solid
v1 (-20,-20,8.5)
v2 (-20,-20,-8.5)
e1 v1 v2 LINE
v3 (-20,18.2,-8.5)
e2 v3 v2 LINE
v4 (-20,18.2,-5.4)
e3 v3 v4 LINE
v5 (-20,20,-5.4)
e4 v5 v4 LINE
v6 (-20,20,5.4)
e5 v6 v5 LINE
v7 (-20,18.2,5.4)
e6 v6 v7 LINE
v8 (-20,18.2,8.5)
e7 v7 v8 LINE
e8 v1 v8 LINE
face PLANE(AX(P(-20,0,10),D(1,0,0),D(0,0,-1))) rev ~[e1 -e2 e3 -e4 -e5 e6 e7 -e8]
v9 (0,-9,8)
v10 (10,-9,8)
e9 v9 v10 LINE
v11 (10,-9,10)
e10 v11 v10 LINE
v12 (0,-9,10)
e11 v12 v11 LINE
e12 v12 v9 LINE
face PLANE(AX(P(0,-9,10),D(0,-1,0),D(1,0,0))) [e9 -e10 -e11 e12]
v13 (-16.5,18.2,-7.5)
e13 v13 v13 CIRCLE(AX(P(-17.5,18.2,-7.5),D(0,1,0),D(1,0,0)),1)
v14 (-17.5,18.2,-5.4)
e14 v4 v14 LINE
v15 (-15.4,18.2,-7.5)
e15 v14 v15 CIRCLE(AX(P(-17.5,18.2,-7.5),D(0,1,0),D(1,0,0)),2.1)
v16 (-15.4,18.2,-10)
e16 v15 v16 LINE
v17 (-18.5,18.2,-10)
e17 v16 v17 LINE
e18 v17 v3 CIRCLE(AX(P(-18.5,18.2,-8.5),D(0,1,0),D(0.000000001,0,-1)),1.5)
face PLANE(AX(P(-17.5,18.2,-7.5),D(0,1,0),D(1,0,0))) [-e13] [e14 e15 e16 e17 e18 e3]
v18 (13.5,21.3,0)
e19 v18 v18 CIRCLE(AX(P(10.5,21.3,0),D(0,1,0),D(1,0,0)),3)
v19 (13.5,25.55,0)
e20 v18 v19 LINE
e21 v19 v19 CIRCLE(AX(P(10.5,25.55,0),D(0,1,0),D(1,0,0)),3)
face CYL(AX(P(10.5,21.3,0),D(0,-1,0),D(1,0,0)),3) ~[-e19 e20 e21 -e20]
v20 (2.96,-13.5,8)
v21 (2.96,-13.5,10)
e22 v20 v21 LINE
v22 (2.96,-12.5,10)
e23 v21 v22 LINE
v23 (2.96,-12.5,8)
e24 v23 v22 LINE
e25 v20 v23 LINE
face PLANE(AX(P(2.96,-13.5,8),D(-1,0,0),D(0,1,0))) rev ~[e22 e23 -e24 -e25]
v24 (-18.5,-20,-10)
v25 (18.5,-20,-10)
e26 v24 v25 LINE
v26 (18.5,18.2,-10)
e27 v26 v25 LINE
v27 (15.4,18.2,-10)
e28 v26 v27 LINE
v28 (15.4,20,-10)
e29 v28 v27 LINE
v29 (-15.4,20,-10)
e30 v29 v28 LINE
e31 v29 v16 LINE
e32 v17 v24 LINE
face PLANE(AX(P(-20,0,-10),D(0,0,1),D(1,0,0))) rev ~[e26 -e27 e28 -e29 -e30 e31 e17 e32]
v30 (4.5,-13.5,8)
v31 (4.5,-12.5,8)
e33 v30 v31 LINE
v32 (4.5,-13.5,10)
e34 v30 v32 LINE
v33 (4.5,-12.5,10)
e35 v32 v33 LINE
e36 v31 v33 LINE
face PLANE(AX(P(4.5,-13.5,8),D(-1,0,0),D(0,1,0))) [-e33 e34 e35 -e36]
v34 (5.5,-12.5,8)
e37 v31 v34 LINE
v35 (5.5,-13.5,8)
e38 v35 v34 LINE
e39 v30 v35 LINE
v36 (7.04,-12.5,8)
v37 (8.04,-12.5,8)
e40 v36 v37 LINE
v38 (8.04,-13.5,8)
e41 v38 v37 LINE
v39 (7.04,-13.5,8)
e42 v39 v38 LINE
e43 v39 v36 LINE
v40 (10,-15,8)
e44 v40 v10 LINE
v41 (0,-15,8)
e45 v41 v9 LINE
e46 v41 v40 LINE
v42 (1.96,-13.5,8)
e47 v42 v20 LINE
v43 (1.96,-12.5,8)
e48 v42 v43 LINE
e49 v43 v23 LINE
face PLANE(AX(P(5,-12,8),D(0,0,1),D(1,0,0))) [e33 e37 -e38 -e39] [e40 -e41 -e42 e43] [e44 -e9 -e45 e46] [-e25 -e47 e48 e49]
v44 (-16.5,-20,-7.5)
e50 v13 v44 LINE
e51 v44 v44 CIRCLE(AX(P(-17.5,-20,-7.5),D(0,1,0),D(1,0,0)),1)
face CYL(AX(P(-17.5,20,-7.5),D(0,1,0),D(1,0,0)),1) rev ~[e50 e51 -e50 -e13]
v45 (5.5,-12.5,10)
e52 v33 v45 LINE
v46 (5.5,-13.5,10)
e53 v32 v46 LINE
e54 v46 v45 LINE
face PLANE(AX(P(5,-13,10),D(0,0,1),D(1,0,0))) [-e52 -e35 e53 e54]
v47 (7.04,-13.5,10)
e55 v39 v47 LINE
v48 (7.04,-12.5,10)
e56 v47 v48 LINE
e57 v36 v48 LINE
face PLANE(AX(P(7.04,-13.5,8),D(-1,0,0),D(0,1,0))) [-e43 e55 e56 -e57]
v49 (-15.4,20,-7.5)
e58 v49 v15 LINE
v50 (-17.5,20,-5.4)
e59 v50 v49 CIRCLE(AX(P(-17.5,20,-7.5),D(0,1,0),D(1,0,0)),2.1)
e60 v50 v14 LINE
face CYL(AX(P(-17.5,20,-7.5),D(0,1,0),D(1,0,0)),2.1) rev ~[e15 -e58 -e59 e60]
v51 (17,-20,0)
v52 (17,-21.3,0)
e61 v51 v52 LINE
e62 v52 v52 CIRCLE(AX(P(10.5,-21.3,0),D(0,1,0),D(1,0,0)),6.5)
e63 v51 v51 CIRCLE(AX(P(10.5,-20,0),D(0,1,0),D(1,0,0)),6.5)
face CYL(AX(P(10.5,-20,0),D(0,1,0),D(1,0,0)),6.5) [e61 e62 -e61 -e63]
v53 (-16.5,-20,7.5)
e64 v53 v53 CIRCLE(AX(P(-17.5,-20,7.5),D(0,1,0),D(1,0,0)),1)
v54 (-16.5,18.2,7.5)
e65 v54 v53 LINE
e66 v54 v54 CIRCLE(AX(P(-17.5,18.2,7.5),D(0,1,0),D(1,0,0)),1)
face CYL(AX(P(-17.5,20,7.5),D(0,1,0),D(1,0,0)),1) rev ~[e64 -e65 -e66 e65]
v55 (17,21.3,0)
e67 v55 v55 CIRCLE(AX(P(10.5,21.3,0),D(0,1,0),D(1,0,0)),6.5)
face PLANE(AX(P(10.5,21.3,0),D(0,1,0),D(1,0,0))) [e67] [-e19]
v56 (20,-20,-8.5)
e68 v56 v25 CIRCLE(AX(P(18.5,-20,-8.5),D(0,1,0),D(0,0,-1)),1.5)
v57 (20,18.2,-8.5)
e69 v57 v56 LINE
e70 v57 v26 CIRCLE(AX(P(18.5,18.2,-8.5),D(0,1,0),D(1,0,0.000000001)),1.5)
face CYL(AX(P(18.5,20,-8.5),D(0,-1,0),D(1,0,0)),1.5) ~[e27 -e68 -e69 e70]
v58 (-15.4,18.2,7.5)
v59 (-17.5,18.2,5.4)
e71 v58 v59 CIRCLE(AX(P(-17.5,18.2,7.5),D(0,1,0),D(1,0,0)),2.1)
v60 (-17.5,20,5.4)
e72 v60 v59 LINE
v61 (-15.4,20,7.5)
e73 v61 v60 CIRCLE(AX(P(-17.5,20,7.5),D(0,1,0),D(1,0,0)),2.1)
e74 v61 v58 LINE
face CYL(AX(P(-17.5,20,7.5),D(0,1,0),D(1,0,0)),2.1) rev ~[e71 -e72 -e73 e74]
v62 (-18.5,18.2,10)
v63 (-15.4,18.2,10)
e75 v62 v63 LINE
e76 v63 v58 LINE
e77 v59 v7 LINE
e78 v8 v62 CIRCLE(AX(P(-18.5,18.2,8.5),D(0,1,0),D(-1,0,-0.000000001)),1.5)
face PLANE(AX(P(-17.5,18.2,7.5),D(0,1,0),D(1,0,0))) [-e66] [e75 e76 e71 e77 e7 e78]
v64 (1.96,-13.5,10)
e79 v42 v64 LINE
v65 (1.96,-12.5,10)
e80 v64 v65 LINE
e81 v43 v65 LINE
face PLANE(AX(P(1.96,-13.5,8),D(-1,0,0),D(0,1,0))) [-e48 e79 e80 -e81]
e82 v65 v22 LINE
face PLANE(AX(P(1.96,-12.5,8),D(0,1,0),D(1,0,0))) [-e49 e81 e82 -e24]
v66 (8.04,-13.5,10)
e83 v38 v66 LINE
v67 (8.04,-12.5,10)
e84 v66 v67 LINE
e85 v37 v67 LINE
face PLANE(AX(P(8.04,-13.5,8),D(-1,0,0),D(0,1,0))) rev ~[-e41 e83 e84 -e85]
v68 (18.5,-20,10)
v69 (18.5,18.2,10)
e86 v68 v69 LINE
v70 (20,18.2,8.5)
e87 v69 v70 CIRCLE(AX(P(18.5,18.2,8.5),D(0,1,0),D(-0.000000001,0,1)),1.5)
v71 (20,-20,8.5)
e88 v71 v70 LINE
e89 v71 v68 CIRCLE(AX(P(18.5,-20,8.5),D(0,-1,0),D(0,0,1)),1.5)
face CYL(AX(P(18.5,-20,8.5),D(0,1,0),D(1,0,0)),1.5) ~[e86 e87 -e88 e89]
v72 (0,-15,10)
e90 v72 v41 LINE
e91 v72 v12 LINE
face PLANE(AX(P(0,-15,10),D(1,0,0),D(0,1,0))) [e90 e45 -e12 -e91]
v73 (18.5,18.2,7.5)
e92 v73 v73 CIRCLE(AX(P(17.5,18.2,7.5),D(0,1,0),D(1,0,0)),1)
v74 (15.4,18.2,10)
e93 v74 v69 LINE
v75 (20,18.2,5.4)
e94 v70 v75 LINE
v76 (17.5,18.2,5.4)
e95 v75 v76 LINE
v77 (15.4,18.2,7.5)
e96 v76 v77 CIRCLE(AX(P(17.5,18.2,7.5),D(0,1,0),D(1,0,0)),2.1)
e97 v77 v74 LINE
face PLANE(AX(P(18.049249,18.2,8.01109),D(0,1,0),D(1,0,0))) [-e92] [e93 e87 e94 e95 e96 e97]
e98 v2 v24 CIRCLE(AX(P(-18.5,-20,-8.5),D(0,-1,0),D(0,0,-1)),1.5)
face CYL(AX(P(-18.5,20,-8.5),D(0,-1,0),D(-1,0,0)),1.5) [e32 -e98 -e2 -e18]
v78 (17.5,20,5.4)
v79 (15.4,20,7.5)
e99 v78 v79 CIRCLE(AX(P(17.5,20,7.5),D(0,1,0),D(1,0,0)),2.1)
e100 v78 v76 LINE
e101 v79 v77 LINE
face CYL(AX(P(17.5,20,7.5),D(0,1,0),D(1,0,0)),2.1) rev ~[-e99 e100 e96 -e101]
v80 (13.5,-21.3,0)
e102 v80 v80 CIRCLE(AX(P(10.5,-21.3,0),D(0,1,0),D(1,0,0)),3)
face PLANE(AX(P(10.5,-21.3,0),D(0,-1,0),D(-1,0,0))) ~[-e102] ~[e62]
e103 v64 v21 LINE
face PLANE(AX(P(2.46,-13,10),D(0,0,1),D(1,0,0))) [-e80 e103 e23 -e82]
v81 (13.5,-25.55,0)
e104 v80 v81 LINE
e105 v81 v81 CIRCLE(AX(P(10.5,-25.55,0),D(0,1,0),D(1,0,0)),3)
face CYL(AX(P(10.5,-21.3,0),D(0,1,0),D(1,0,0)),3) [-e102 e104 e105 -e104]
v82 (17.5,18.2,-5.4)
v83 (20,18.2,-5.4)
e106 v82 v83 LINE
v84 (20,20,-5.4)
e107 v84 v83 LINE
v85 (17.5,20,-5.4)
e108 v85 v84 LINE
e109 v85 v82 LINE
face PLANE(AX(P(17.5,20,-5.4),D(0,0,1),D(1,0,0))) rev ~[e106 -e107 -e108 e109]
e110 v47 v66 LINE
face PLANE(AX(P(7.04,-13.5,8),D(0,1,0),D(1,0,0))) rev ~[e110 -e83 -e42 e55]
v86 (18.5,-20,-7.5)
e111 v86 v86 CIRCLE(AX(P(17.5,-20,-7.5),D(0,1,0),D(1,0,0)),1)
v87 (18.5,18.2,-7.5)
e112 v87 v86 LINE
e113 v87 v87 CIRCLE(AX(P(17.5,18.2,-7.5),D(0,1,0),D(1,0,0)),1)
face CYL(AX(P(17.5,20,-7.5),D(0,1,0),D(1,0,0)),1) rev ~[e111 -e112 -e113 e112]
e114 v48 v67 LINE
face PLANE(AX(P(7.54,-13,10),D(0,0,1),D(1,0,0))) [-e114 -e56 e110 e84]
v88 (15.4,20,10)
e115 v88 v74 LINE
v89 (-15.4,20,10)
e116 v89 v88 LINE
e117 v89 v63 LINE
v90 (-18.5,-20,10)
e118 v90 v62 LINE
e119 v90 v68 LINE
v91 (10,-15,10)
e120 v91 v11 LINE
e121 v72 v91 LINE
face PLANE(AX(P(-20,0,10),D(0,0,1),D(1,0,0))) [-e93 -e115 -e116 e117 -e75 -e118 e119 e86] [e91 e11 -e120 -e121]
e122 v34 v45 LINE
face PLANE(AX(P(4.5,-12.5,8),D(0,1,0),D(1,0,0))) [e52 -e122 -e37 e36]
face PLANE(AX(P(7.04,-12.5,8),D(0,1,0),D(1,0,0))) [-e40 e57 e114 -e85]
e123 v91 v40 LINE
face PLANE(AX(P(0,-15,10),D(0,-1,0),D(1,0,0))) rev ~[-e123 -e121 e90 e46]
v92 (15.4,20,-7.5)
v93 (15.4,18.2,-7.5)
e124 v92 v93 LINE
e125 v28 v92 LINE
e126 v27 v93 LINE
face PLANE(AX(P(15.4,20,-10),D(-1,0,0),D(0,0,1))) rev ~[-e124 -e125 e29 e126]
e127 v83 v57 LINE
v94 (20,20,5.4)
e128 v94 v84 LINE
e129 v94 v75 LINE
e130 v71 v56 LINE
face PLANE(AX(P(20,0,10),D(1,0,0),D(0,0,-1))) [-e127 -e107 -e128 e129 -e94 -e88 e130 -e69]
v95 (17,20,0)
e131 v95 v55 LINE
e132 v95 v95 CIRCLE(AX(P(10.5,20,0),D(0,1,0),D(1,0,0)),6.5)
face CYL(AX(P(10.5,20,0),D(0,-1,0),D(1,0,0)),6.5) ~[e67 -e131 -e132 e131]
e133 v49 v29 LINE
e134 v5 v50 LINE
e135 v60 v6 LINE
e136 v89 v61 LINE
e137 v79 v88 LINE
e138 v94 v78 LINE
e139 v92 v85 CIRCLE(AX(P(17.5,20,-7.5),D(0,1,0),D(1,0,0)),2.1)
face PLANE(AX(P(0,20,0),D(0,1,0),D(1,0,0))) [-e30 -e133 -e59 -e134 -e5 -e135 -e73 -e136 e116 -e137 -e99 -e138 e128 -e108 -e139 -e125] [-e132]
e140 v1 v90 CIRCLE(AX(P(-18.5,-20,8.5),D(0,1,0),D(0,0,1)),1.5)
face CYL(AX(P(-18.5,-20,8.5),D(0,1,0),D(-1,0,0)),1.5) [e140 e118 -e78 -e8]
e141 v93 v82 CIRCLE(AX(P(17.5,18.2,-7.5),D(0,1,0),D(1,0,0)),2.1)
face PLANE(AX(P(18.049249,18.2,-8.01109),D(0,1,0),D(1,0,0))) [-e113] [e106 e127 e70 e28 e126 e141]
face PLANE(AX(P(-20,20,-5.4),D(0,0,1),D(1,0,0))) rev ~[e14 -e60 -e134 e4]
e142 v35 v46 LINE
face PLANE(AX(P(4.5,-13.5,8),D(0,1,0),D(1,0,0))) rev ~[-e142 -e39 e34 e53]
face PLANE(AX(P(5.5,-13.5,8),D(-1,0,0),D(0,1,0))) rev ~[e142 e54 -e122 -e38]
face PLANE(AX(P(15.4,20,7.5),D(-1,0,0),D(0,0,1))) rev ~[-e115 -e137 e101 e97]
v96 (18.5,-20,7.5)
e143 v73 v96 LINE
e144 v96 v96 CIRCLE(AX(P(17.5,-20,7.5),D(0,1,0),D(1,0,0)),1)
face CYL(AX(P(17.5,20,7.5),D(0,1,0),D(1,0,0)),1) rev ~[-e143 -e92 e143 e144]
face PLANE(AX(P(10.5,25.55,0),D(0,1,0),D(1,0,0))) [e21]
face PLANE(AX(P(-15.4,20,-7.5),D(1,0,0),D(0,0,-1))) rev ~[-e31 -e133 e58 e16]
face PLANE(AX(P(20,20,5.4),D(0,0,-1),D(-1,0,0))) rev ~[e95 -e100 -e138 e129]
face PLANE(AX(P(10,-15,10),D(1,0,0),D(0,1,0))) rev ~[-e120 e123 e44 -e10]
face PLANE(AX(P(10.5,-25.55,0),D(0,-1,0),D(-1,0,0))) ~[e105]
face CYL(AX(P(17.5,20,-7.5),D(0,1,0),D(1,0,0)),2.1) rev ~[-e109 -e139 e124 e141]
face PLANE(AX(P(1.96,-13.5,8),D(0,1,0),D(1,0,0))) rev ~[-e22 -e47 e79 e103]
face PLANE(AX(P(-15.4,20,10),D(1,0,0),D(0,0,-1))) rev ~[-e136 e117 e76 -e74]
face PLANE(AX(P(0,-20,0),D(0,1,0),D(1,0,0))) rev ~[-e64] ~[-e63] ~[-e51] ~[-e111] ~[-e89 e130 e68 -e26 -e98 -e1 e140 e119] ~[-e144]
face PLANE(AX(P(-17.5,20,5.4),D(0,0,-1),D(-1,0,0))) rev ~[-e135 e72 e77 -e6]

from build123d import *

# Parameters (mm, degrees)
SKETCH_1_W          = 40
SKETCH_1_H          = 20
EXTRUDE_1_DEPTH     = 20
FILLET_1_R          = 1.5
SKETCH_2_R          = 1
CUT_EXTRUDE_1_DEPTH = 41
SKETCH_3_R          = 2.1
SKETCH_3_R_2        = 1
CUT_EXTRUDE_2_DEPTH = 1.8
SKETCH_4_R          = 6.5
EXTRUDE_2_DEPTH     = 1.3
SKETCH_5_R          = 3
EXTRUDE_3_DEPTH     = 4.25
SKETCH_6_W          = 10
SKETCH_6_H          = 6
CUT_EXTRUDE_3_DEPTH = 2
SKETCH_7_W          = 1
SKETCH_7_H          = 1
EXTRUDE_4_DEPTH     = 2


with BuildPart() as part:
    # Эскиз1 → Бобышка-Вытянуть1 (new body, symmetric)
    with BuildSketch(Plane(origin=(0, 0, 0), x_dir=(1, 0, 0), z_dir=(0, 1, 0))):
        Rectangle(SKETCH_1_W, SKETCH_1_H)
    extrude(amount=EXTRUDE_1_DEPTH, both=True)

    # Скругление1
    fillet_1_edges = [part.edges().sort_by_distance(p)[0] for p in [
        (20, 0, 10),
        (-20, 0, 10),
        (-20, 0, -10),
        (20, 0, -10),
    ]]
    fillet(fillet_1_edges, radius=FILLET_1_R)

    # Эскиз2 → Вырез-Вытянуть1 (cut, through all)
    with BuildSketch(Plane(origin=(0, 20, 0), x_dir=(1, 0, 0), z_dir=(0, 1, 0))):
        with Locations((17.5, 7.5)):
            Circle(SKETCH_2_R)
        with Locations((17.5, -7.5)):
            Circle(SKETCH_2_R)
        with Locations((-17.5, -7.5)):
            Circle(SKETCH_2_R)
        with Locations((-17.5, 7.5)):
            Circle(SKETCH_2_R)
    extrude(amount=-CUT_EXTRUDE_1_DEPTH, mode=Mode.SUBTRACT)

    # Эскиз3 → Вырез-Вытянуть2 (cut)
    with BuildSketch(Plane(origin=(0, 20, 0), x_dir=(1, 0, 0), z_dir=(0, 1, 0))):
        with Locations((-17.5, 7.5)):
            Circle(SKETCH_3_R)
        with Locations((-17.5, 7.5)):
            Circle(SKETCH_3_R_2, mode=Mode.SUBTRACT)
        with BuildLine():
            Line((-20, 8.5), (-20, 5.4))
            Line((-20, 5.4), (-17.5, 5.4))
            ThreePointArc((-17.5, 5.4), (-18.98492424, 8.98492424), (-15.4, 7.5))
            Line((-15.4, 7.5), (-15.4, 10))
            Line((-15.4, 10), (-18.5, 10))
            ThreePointArc((-18.5, 10), (-19.560660172, 9.560660172), (-20, 8.5))
        make_face()
        with Locations((-17.5, -7.5)):
            Circle(SKETCH_3_R)
        with Locations((-17.5, -7.5)):
            Circle(SKETCH_3_R_2, mode=Mode.SUBTRACT)
        with BuildLine():
            Line((-17.5, -5.4), (-20, -5.4))
            Line((-20, -5.4), (-20, -8.5))
            ThreePointArc((-20, -8.5), (-19.560660172, -9.560660172), (-18.5, -10))
            Line((-18.5, -10), (-15.4, -10))
            Line((-15.4, -10), (-15.4, -7.5))
            ThreePointArc((-15.4, -7.5), (-18.98492424, -8.98492424), (-17.5, -5.4))
        make_face()
        with BuildLine():
            Line((15.4, -7.499999992), (15.4, -10))
            Line((15.4, -10), (18.5, -10))
            ThreePointArc((18.5, -10), (19.560660172, -9.560660172), (20, -8.5))
            Line((20, -8.5), (20, -5.4))
            Line((20, -5.4), (17.5, -5.4))
            ThreePointArc((17.5, -5.4), (18.98492424, -6.01507576), (19.6, -7.5))
            ThreePointArc((19.6, -7.5), (17.499999996, -9.6), (15.4, -7.499999992))
        make_face()
        with Locations((17.5, -7.5)):
            Circle(SKETCH_3_R)
        with Locations((17.5, -7.5)):
            Circle(SKETCH_3_R_2, mode=Mode.SUBTRACT)
        with BuildLine():
            Line((18.5, 10), (15.4, 10))
            Line((15.4, 10), (15.4, 7.500000012))
            ThreePointArc((15.4, 7.500000012), (17.500000006, 9.6), (19.6, 7.5))
            ThreePointArc((19.6, 7.5), (18.98492424, 6.01507576), (17.5, 5.4))
            Line((17.5, 5.4), (20, 5.4))
            Line((20, 5.4), (20, 8.5))
            ThreePointArc((20, 8.5), (19.560660172, 9.560660172), (18.5, 10))
        make_face()
        with Locations((17.5, 7.5)):
            Circle(SKETCH_3_R)
        with Locations((17.5, 7.5)):
            Circle(SKETCH_3_R_2, mode=Mode.SUBTRACT)
    extrude(amount=-CUT_EXTRUDE_2_DEPTH, mode=Mode.SUBTRACT)

    # Эскиз4 → Бобышка-Вытянуть2 (add)
    with BuildSketch(Plane(origin=(0, 20, 0), x_dir=(1, 0, 0), z_dir=(0, 1, 0))):
        with Locations((10.5, 0)):
            Circle(SKETCH_4_R)
    extrude_2 = extrude(amount=EXTRUDE_2_DEPTH)

    # Эскиз5 → Бобышка-Вытянуть3 (add)
    with BuildSketch(Plane(origin=(0, 21.3, 0), x_dir=(1, 0, 0), z_dir=(0, 1, 0))):
        with Locations((10.5, 0)):
            Circle(SKETCH_5_R)
    extrude_3 = extrude(amount=EXTRUDE_3_DEPTH)

    # Зеркальное отражение1: Бобышка-Вытянуть2, Бобышка-Вытянуть3 across plane
    add(extrude_2.mirror(Plane.ZX))
    add(extrude_3.mirror(Plane.ZX))

    # Эскиз6 → Вырез-Вытянуть3 (cut)
    with BuildSketch(Plane.XY.offset(10)):
        with Locations((5, -12)):
            Rectangle(SKETCH_6_W, SKETCH_6_H)
    extrude(amount=-CUT_EXTRUDE_3_DEPTH, mode=Mode.SUBTRACT)

    # Эскиз7 → Бобышка-Вытянуть4 (add)
    with BuildSketch(Plane.XY.offset(8)):
        with Locations((2.46, -13)):
            Rectangle(SKETCH_7_W, SKETCH_7_H)
        with Locations((5, -13)):
            Rectangle(SKETCH_7_W, SKETCH_7_H)
        with Locations((7.54, -13)):
            Rectangle(SKETCH_7_W, SKETCH_7_H)
    extrude(amount=EXTRUDE_4_DEPTH)


solid = part.part
